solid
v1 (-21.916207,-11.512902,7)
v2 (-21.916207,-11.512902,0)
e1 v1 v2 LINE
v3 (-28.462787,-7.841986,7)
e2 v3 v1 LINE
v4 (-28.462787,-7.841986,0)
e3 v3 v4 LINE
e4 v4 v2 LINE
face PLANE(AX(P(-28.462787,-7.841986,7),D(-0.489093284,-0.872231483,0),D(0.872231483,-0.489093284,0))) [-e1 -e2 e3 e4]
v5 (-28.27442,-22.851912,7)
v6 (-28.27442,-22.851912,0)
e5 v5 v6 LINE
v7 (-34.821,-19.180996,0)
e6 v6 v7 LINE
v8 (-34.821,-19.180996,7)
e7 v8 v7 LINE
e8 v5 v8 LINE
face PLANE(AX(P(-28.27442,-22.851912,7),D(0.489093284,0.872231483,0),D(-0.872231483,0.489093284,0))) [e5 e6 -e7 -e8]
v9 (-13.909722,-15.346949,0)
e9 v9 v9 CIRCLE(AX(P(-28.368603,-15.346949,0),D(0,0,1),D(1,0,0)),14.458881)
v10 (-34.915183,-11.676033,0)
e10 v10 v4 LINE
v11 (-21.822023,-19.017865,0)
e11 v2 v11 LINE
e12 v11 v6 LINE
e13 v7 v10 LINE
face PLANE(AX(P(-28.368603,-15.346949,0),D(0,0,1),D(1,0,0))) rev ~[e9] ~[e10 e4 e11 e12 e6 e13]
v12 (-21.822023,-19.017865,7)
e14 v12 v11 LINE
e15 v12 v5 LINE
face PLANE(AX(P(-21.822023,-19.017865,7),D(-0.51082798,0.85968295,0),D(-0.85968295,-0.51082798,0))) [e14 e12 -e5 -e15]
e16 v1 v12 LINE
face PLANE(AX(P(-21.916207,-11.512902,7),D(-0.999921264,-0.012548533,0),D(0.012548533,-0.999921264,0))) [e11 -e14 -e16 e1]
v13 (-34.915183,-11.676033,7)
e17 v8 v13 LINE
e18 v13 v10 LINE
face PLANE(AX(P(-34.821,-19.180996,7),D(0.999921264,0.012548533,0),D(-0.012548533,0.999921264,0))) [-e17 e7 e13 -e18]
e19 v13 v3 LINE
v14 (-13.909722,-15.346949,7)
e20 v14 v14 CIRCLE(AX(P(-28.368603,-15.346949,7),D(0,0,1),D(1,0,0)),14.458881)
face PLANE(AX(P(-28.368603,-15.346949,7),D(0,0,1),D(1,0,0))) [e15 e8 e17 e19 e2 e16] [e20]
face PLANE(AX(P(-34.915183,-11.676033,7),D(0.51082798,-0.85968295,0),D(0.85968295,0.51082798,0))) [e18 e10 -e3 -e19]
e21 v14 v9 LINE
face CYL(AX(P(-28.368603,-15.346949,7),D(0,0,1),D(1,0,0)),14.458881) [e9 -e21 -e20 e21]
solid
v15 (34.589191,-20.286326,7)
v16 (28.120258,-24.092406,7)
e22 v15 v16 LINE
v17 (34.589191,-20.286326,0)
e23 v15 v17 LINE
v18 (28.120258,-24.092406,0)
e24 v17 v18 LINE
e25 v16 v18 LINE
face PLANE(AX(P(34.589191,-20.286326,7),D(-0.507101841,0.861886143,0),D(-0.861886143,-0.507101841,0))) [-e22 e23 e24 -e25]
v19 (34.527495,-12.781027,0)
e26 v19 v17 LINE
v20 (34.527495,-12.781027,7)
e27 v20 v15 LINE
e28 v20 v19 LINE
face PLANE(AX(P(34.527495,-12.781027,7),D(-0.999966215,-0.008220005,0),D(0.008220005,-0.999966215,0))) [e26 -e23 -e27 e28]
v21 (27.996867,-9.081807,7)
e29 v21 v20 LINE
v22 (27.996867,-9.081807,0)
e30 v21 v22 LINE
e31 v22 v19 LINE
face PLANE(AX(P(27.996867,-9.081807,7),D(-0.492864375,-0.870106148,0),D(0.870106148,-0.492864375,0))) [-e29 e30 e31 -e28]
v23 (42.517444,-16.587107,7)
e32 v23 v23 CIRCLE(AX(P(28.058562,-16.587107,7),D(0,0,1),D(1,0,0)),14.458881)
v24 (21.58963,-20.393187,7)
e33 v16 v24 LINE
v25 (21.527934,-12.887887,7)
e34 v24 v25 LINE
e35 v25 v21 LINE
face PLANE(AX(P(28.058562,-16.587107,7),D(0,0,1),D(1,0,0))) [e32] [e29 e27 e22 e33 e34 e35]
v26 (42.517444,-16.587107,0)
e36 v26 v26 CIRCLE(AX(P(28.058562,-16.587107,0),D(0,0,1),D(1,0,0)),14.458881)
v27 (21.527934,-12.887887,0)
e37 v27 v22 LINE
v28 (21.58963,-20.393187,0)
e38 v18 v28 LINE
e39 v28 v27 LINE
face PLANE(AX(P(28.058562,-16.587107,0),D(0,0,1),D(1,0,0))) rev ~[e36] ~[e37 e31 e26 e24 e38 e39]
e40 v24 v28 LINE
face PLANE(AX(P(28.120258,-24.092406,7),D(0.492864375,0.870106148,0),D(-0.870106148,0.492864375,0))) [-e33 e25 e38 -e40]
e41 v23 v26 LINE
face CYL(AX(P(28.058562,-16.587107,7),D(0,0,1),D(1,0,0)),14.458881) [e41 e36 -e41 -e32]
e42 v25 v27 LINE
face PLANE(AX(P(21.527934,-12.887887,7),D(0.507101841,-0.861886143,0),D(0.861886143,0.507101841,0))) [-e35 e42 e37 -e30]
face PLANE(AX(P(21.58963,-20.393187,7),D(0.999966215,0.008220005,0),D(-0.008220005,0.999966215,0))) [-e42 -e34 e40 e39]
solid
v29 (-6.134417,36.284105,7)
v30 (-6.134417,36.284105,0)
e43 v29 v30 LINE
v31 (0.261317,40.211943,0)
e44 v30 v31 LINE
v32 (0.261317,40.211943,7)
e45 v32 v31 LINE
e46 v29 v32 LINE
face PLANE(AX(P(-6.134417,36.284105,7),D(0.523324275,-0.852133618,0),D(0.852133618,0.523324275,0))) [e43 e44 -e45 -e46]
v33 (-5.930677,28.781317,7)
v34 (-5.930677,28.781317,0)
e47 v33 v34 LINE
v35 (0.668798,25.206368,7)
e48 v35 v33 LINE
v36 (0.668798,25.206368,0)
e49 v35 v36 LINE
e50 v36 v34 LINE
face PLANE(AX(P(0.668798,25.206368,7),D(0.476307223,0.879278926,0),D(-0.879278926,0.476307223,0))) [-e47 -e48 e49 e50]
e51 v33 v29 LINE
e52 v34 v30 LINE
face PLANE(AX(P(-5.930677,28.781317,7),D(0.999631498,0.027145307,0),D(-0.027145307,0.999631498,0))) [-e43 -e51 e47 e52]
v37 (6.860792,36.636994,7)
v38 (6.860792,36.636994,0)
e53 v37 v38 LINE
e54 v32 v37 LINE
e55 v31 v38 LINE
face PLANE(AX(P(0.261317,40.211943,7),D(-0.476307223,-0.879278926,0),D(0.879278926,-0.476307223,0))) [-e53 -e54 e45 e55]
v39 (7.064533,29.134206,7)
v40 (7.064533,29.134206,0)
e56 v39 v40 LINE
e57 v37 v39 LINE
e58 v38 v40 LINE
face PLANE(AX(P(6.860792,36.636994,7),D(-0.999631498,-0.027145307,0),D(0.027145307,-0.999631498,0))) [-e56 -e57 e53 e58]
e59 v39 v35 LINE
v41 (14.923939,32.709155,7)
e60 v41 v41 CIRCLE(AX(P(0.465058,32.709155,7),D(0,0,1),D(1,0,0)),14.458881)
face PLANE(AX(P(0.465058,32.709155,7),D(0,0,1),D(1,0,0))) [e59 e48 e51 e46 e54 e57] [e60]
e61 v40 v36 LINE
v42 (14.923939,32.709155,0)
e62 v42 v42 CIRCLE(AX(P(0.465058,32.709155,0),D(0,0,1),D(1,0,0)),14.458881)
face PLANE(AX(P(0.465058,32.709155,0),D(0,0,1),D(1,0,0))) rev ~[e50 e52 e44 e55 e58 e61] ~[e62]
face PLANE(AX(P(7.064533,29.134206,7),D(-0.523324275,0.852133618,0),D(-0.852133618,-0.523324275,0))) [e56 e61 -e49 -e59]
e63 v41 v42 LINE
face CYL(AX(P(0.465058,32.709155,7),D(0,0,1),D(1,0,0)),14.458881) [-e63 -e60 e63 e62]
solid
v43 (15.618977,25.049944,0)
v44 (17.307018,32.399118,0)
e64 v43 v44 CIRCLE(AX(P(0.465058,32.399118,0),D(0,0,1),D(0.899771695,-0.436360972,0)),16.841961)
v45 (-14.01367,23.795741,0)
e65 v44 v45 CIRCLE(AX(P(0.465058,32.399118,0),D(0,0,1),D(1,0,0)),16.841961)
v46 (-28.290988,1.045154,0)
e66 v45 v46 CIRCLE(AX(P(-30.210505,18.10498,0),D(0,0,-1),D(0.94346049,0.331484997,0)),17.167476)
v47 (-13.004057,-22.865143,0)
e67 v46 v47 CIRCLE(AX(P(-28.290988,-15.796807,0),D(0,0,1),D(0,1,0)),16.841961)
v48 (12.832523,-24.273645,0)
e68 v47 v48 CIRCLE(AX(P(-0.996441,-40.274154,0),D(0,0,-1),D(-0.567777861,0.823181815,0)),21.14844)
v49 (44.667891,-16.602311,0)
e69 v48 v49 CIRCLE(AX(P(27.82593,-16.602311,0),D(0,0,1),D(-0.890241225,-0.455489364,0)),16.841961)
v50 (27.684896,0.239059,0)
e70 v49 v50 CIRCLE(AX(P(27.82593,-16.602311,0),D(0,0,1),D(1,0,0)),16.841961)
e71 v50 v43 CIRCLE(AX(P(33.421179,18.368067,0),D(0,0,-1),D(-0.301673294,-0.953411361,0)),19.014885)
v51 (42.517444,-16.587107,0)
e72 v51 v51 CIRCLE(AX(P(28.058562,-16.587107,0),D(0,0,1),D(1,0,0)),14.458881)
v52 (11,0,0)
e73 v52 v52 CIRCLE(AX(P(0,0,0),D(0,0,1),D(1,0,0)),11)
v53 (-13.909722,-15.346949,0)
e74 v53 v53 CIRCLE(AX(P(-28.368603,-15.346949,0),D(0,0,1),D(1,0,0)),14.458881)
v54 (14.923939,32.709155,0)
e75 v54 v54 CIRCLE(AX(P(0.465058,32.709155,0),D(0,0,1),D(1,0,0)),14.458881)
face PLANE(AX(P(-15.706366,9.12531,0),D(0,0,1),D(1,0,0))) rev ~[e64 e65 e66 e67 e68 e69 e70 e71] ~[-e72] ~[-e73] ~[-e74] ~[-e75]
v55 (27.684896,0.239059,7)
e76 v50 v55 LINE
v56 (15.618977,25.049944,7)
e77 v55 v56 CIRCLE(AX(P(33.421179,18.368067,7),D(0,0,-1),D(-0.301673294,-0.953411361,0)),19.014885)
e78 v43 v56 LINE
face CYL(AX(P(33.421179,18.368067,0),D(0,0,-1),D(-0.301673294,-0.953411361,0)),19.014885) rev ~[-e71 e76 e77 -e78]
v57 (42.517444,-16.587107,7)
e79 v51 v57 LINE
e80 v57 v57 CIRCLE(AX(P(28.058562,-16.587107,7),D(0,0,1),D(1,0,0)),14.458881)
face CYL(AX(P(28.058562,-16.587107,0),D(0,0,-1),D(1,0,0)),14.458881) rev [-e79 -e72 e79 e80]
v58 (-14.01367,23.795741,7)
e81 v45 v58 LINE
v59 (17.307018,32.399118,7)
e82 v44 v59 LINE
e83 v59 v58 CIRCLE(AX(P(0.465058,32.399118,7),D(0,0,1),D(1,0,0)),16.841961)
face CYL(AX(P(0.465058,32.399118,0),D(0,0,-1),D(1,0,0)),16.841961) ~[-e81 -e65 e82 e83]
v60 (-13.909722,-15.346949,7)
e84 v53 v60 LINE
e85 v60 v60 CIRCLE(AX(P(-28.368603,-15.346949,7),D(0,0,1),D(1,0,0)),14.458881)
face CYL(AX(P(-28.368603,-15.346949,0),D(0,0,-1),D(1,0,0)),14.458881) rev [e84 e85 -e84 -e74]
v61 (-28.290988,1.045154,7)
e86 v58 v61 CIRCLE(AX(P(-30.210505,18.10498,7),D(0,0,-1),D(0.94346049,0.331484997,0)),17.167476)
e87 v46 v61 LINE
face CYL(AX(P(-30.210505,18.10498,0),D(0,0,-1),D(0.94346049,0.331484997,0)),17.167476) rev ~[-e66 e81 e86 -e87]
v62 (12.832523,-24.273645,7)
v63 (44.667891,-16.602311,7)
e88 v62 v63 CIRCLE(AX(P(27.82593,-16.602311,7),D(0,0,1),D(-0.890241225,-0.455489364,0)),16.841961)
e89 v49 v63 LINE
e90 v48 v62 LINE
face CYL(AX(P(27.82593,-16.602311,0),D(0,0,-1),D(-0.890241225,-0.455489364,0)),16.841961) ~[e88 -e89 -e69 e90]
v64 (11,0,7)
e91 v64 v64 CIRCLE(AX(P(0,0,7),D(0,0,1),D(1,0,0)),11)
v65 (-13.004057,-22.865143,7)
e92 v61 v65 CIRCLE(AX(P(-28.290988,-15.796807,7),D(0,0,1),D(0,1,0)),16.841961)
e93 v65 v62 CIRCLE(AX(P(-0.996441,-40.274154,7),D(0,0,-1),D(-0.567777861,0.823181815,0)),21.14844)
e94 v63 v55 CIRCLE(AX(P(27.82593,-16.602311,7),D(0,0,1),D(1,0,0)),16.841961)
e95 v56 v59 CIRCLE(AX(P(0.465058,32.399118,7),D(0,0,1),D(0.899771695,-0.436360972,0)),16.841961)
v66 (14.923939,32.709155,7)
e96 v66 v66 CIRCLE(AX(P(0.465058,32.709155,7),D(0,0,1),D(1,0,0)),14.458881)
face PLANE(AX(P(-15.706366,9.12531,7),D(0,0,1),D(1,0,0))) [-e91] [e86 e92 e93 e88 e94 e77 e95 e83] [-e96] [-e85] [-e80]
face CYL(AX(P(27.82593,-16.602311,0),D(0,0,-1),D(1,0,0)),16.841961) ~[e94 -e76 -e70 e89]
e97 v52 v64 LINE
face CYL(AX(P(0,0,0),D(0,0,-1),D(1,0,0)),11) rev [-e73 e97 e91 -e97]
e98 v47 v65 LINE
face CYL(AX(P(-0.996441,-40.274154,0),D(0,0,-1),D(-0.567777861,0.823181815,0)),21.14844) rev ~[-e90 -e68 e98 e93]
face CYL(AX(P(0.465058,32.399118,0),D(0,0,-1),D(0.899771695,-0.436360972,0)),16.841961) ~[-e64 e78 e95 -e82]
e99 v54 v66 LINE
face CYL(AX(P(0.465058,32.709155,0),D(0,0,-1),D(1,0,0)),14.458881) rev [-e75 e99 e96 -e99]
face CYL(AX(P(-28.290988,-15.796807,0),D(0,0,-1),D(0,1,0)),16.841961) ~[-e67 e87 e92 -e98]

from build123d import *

# Parameters (mm, degrees)
F0_R     = 11
F0_R_2   = 14.458881358
F1_DEPTH = 7
F2_R     = 14.458881358
F2_R_2   = 8.039559278
F3_DEPTH = 7
F2_R_3   = 8.8370833189
F2_R_4   = 8.5599792308


with BuildPart() as f1:
    # F0 (on Top) → F1 (new body)
    with BuildSketch(Plane.XY):
        with BuildLine():
            ThreePointArc((-16.3887088912, -3.8809610224), (-14.4632008437, 8.6294529916), (-4.3682857315, 16.2655992004))
            ThreePointArc((-4.3682857315, 16.2655992004), (-9.8990523893, 19.1236949419), (-14.0136695292, 23.7957412689))
            ThreePointArc((-14.0136695292, 23.7957412689), (-15.6692579733, 8.9795011642), (-28.2909881408, 1.0451535845))
            ThreePointArc((-28.2909881408, 1.0451535845), (-21.8502805621, -0.2350293923), (-16.3887088912, -3.8809610224))
        make_face()
        with BuildLine():
            ThreePointArc((4.8333436091, 16.1335187463), (13.5102668426, 10.0560592392), (16.8419606216, 0))
            ThreePointArc((16.8419606216, 0), (16.6985007154, -2.1935613597), (16.2705649811, -4.3497531857))
            ThreePointArc((16.2705649811, -4.3497531857), (21.5437538805, -0.9758622574), (27.684896041, 0.2390591929))
            ThreePointArc((27.684896041, 0.2390591929), (16.3211772488, 10.0520702575), (15.6189773275, 25.0499436472))
            ThreePointArc((15.6189773275, 25.0499436472), (11.1960774955, 19.4184840816), (4.8333436091, 16.1335187463))
        make_face()
        with BuildLine():
            ThreePointArc((-4.3682857315, 16.2655992004), (0.2233327879, 15.5588921001), (4.8333436091, 16.1335187463))
            ThreePointArc((4.8333436091, 16.1335187463), (0.2417250897, 16.8402258465), (-4.3682857315, 16.2655992004))
        make_face()
        with BuildLine():
            ThreePointArc((16.2705649811, -4.3497531857), (16.6985007154, -2.1935613597), (16.8419606216, 0))
            ThreePointArc((16.8419606216, 0), (13.5102668426, 10.0560592392), (4.8333436091, 16.1335187463))
            ThreePointArc((4.8333436091, 16.1335187463), (0.2233327879, 15.5588921001), (-4.3682857315, 16.2655992004))
            ThreePointArc((-4.3682857315, 16.2655992004), (-14.4632008437, 8.6294529916), (-16.3887088912, -3.8809610224))
            ThreePointArc((-16.3887088912, -3.8809610224), (-13.5860622074, -7.5860341822), (-11.9022792495, -11.9158460147))
            ThreePointArc((-11.9022792495, -11.9158460147), (-0.2417250897, -16.8402258465), (11.5553652821, -12.2525577238))
            ThreePointArc((11.5553652821, -12.2525577238), (13.3627294195, -7.9728579179), (16.2705649811, -4.3497531857))
        make_face()
        Circle(F0_R, mode=Mode.SUBTRACT)
        with BuildLine():
            ThreePointArc((11.5553652821, -12.2525577238), (14.4632008437, -8.6294529916), (16.2705649811, -4.3497531857))
            ThreePointArc((16.2705649811, -4.3497531857), (13.3627294195, -7.9728579179), (11.5553652821, -12.2525577238))
        make_face()
        with BuildLine():
            ThreePointArc((27.684896041, 0.2390591929), (21.5437538805, -0.9758622574), (16.2705649811, -4.3497531857))
            ThreePointArc((16.2705649811, -4.3497531857), (14.4632008437, -8.6294529916), (11.5553652821, -12.2525577238))
            ThreePointArc((11.5553652821, -12.2525577238), (11.0782250409, -18.3816386942), (12.8325226015, -24.2736448398))
            ThreePointArc((12.8325226015, -24.2736448398), (31.7713869007, -32.9756126383), (44.6678908848, -16.6023109095))
            ThreePointArc((44.6678908848, -16.6023109095), (39.6850268722, -4.6434871715), (27.684896041, 0.2390591929))
        make_face()
        with Locations((28.0585624278, -16.587106511)):
            Circle(F0_R_2, mode=Mode.SUBTRACT)
        with BuildLine():
            ThreePointArc((-4.3682857315, 16.2655992004), (0.2417250897, 16.8402258465), (4.8333436091, 16.1335187463))
            ThreePointArc((4.8333436091, 16.1335187463), (11.1960774955, 19.4184840816), (15.6189773275, 25.0499436472))
            ThreePointArc((15.6189773275, 25.0499436472), (16.8795842524, 28.628844552), (17.3070184992, 32.3991179466))
            ThreePointArc((17.3070184992, 32.3991179466), (-3.99596671, 48.6395273383), (-14.0136695292, 23.7957412689))
            ThreePointArc((-14.0136695292, 23.7957412689), (-9.8990523893, 19.1236949419), (-4.3682857315, 16.2655992004))
        make_face()
        with Locations((0.4650578776, 32.7091552317)):
            Circle(F0_R_2, mode=Mode.SUBTRACT)
        with BuildLine():
            ThreePointArc((-11.9022792495, -11.9158460147), (-14.7049259333, -8.2107728549), (-16.3887088912, -3.8809610224))
            ThreePointArc((-16.3887088912, -3.8809610224), (-21.8502805621, -0.2350293923), (-28.2909881408, 1.0451535845))
            ThreePointArc((-28.2909881408, 1.0451535845), (-42.4807074983, -24.8689347994), (-13.0040569082, -22.8651428433))
            ThreePointArc((-13.0040569082, -22.8651428433), (-11.8423782995, -19.4154907574), (-11.4490275192, -15.7968070371))
            ThreePointArc((-11.4490275192, -15.7968070371), (-11.5627242236, -13.8431376953), (-11.9022792495, -11.9158460147))
        make_face()
        with Locations((-28.3686034381, -15.3469489887)):
            Circle(F0_R_2, mode=Mode.SUBTRACT)
        with BuildLine():
            ThreePointArc((-11.9022792495, -11.9158460147), (-13.5860622074, -7.5860341822), (-16.3887088912, -3.8809610224))
            ThreePointArc((-16.3887088912, -3.8809610224), (-14.7049259333, -8.2107728549), (-11.9022792495, -11.9158460147))
        make_face()
        with BuildLine():
            ThreePointArc((12.8325226015, -24.2736448398), (11.0782250409, -18.3816386942), (11.5553652821, -12.2525577238))
            ThreePointArc((11.5553652821, -12.2525577238), (-0.2417250897, -16.8402258465), (-11.9022792495, -11.9158460147))
            ThreePointArc((-11.9022792495, -11.9158460147), (-11.5627242236, -13.8431376953), (-11.4490275192, -15.7968070371))
            ThreePointArc((-11.4490275192, -15.7968070371), (-11.8423782995, -19.4154907574), (-13.0040569082, -22.8651428433))
            ThreePointArc((-13.0040569082, -22.8651428433), (0.1547742209, -19.1570704245), (12.8325226015, -24.2736448398))
        make_face()
    extrude(amount=F1_DEPTH)


with BuildPart() as f3:
    # F2 (on face) → F3 (new body)
    with BuildSketch(Plane.XY.offset(7)):
        with Locations((0.4650578776, 32.7091552317)):
            Circle(F2_R)
        with Locations((0.4650578776, 32.7091552317)):
            Circle(F2_R_2, mode=Mode.SUBTRACT)
        with Locations((0.4650578776, 32.7091552317)):
            Circle(F2_R_2)
        Polygon((6.8607923379, 36.6369935745), (7.0645328945, 29.1342058847), (0.6687984343, 25.2063675419), (-5.9306765827, 28.7813168889), (-6.1344171394, 36.2841045788), (0.2613173209, 40.2119429216), align=None, mode=Mode.SUBTRACT)
    extrude(amount=-F3_DEPTH)


with BuildPart() as f3b:
    # F2 (on face) → F3, piece 2 (new body)
    with BuildSketch(Plane.XY.offset(7)):
        with Locations((-28.3686034381, -15.3469489887)):
            Circle(F2_R)
        with Locations((-28.3686034381, -15.3469489887)):
            Circle(F2_R_3, mode=Mode.SUBTRACT)
        with Locations((-28.3686034381, -15.3469489887)):
            Circle(F2_R_3)
        Polygon((-34.9151834977, -11.6760331824), (-28.4627871244, -7.8419864461), (-21.9162070649, -11.5129022525), (-21.8220233786, -19.0178647951), (-28.2744197518, -22.8519115314), (-34.8209998114, -19.180995725), align=None, mode=Mode.SUBTRACT)
    extrude(amount=-F3_DEPTH)


with BuildPart() as f3c:
    # F2 (on face) → F3, piece 3 (new body)
    with BuildSketch(Plane.XY.offset(7)):
        with Locations((28.0585624278, -16.587106511)):
            Circle(F2_R)
        with Locations((28.0585624278, -16.587106511)):
            Circle(F2_R_4, mode=Mode.SUBTRACT)
        with Locations((28.0585624278, -16.587106511)):
            Circle(F2_R_4)
        Polygon((21.5279341864, -12.8878865789), (27.9968667425, -9.0818065852), (34.5274949839, -12.7810265173), (34.5891906691, -20.2863264431), (28.120258113, -24.0924064368), (21.5896298717, -20.3931865046), align=None, mode=Mode.SUBTRACT)
    extrude(amount=-F3_DEPTH)


solid = Compound([f1.part, f3.part, f3b.part, f3c.part])
